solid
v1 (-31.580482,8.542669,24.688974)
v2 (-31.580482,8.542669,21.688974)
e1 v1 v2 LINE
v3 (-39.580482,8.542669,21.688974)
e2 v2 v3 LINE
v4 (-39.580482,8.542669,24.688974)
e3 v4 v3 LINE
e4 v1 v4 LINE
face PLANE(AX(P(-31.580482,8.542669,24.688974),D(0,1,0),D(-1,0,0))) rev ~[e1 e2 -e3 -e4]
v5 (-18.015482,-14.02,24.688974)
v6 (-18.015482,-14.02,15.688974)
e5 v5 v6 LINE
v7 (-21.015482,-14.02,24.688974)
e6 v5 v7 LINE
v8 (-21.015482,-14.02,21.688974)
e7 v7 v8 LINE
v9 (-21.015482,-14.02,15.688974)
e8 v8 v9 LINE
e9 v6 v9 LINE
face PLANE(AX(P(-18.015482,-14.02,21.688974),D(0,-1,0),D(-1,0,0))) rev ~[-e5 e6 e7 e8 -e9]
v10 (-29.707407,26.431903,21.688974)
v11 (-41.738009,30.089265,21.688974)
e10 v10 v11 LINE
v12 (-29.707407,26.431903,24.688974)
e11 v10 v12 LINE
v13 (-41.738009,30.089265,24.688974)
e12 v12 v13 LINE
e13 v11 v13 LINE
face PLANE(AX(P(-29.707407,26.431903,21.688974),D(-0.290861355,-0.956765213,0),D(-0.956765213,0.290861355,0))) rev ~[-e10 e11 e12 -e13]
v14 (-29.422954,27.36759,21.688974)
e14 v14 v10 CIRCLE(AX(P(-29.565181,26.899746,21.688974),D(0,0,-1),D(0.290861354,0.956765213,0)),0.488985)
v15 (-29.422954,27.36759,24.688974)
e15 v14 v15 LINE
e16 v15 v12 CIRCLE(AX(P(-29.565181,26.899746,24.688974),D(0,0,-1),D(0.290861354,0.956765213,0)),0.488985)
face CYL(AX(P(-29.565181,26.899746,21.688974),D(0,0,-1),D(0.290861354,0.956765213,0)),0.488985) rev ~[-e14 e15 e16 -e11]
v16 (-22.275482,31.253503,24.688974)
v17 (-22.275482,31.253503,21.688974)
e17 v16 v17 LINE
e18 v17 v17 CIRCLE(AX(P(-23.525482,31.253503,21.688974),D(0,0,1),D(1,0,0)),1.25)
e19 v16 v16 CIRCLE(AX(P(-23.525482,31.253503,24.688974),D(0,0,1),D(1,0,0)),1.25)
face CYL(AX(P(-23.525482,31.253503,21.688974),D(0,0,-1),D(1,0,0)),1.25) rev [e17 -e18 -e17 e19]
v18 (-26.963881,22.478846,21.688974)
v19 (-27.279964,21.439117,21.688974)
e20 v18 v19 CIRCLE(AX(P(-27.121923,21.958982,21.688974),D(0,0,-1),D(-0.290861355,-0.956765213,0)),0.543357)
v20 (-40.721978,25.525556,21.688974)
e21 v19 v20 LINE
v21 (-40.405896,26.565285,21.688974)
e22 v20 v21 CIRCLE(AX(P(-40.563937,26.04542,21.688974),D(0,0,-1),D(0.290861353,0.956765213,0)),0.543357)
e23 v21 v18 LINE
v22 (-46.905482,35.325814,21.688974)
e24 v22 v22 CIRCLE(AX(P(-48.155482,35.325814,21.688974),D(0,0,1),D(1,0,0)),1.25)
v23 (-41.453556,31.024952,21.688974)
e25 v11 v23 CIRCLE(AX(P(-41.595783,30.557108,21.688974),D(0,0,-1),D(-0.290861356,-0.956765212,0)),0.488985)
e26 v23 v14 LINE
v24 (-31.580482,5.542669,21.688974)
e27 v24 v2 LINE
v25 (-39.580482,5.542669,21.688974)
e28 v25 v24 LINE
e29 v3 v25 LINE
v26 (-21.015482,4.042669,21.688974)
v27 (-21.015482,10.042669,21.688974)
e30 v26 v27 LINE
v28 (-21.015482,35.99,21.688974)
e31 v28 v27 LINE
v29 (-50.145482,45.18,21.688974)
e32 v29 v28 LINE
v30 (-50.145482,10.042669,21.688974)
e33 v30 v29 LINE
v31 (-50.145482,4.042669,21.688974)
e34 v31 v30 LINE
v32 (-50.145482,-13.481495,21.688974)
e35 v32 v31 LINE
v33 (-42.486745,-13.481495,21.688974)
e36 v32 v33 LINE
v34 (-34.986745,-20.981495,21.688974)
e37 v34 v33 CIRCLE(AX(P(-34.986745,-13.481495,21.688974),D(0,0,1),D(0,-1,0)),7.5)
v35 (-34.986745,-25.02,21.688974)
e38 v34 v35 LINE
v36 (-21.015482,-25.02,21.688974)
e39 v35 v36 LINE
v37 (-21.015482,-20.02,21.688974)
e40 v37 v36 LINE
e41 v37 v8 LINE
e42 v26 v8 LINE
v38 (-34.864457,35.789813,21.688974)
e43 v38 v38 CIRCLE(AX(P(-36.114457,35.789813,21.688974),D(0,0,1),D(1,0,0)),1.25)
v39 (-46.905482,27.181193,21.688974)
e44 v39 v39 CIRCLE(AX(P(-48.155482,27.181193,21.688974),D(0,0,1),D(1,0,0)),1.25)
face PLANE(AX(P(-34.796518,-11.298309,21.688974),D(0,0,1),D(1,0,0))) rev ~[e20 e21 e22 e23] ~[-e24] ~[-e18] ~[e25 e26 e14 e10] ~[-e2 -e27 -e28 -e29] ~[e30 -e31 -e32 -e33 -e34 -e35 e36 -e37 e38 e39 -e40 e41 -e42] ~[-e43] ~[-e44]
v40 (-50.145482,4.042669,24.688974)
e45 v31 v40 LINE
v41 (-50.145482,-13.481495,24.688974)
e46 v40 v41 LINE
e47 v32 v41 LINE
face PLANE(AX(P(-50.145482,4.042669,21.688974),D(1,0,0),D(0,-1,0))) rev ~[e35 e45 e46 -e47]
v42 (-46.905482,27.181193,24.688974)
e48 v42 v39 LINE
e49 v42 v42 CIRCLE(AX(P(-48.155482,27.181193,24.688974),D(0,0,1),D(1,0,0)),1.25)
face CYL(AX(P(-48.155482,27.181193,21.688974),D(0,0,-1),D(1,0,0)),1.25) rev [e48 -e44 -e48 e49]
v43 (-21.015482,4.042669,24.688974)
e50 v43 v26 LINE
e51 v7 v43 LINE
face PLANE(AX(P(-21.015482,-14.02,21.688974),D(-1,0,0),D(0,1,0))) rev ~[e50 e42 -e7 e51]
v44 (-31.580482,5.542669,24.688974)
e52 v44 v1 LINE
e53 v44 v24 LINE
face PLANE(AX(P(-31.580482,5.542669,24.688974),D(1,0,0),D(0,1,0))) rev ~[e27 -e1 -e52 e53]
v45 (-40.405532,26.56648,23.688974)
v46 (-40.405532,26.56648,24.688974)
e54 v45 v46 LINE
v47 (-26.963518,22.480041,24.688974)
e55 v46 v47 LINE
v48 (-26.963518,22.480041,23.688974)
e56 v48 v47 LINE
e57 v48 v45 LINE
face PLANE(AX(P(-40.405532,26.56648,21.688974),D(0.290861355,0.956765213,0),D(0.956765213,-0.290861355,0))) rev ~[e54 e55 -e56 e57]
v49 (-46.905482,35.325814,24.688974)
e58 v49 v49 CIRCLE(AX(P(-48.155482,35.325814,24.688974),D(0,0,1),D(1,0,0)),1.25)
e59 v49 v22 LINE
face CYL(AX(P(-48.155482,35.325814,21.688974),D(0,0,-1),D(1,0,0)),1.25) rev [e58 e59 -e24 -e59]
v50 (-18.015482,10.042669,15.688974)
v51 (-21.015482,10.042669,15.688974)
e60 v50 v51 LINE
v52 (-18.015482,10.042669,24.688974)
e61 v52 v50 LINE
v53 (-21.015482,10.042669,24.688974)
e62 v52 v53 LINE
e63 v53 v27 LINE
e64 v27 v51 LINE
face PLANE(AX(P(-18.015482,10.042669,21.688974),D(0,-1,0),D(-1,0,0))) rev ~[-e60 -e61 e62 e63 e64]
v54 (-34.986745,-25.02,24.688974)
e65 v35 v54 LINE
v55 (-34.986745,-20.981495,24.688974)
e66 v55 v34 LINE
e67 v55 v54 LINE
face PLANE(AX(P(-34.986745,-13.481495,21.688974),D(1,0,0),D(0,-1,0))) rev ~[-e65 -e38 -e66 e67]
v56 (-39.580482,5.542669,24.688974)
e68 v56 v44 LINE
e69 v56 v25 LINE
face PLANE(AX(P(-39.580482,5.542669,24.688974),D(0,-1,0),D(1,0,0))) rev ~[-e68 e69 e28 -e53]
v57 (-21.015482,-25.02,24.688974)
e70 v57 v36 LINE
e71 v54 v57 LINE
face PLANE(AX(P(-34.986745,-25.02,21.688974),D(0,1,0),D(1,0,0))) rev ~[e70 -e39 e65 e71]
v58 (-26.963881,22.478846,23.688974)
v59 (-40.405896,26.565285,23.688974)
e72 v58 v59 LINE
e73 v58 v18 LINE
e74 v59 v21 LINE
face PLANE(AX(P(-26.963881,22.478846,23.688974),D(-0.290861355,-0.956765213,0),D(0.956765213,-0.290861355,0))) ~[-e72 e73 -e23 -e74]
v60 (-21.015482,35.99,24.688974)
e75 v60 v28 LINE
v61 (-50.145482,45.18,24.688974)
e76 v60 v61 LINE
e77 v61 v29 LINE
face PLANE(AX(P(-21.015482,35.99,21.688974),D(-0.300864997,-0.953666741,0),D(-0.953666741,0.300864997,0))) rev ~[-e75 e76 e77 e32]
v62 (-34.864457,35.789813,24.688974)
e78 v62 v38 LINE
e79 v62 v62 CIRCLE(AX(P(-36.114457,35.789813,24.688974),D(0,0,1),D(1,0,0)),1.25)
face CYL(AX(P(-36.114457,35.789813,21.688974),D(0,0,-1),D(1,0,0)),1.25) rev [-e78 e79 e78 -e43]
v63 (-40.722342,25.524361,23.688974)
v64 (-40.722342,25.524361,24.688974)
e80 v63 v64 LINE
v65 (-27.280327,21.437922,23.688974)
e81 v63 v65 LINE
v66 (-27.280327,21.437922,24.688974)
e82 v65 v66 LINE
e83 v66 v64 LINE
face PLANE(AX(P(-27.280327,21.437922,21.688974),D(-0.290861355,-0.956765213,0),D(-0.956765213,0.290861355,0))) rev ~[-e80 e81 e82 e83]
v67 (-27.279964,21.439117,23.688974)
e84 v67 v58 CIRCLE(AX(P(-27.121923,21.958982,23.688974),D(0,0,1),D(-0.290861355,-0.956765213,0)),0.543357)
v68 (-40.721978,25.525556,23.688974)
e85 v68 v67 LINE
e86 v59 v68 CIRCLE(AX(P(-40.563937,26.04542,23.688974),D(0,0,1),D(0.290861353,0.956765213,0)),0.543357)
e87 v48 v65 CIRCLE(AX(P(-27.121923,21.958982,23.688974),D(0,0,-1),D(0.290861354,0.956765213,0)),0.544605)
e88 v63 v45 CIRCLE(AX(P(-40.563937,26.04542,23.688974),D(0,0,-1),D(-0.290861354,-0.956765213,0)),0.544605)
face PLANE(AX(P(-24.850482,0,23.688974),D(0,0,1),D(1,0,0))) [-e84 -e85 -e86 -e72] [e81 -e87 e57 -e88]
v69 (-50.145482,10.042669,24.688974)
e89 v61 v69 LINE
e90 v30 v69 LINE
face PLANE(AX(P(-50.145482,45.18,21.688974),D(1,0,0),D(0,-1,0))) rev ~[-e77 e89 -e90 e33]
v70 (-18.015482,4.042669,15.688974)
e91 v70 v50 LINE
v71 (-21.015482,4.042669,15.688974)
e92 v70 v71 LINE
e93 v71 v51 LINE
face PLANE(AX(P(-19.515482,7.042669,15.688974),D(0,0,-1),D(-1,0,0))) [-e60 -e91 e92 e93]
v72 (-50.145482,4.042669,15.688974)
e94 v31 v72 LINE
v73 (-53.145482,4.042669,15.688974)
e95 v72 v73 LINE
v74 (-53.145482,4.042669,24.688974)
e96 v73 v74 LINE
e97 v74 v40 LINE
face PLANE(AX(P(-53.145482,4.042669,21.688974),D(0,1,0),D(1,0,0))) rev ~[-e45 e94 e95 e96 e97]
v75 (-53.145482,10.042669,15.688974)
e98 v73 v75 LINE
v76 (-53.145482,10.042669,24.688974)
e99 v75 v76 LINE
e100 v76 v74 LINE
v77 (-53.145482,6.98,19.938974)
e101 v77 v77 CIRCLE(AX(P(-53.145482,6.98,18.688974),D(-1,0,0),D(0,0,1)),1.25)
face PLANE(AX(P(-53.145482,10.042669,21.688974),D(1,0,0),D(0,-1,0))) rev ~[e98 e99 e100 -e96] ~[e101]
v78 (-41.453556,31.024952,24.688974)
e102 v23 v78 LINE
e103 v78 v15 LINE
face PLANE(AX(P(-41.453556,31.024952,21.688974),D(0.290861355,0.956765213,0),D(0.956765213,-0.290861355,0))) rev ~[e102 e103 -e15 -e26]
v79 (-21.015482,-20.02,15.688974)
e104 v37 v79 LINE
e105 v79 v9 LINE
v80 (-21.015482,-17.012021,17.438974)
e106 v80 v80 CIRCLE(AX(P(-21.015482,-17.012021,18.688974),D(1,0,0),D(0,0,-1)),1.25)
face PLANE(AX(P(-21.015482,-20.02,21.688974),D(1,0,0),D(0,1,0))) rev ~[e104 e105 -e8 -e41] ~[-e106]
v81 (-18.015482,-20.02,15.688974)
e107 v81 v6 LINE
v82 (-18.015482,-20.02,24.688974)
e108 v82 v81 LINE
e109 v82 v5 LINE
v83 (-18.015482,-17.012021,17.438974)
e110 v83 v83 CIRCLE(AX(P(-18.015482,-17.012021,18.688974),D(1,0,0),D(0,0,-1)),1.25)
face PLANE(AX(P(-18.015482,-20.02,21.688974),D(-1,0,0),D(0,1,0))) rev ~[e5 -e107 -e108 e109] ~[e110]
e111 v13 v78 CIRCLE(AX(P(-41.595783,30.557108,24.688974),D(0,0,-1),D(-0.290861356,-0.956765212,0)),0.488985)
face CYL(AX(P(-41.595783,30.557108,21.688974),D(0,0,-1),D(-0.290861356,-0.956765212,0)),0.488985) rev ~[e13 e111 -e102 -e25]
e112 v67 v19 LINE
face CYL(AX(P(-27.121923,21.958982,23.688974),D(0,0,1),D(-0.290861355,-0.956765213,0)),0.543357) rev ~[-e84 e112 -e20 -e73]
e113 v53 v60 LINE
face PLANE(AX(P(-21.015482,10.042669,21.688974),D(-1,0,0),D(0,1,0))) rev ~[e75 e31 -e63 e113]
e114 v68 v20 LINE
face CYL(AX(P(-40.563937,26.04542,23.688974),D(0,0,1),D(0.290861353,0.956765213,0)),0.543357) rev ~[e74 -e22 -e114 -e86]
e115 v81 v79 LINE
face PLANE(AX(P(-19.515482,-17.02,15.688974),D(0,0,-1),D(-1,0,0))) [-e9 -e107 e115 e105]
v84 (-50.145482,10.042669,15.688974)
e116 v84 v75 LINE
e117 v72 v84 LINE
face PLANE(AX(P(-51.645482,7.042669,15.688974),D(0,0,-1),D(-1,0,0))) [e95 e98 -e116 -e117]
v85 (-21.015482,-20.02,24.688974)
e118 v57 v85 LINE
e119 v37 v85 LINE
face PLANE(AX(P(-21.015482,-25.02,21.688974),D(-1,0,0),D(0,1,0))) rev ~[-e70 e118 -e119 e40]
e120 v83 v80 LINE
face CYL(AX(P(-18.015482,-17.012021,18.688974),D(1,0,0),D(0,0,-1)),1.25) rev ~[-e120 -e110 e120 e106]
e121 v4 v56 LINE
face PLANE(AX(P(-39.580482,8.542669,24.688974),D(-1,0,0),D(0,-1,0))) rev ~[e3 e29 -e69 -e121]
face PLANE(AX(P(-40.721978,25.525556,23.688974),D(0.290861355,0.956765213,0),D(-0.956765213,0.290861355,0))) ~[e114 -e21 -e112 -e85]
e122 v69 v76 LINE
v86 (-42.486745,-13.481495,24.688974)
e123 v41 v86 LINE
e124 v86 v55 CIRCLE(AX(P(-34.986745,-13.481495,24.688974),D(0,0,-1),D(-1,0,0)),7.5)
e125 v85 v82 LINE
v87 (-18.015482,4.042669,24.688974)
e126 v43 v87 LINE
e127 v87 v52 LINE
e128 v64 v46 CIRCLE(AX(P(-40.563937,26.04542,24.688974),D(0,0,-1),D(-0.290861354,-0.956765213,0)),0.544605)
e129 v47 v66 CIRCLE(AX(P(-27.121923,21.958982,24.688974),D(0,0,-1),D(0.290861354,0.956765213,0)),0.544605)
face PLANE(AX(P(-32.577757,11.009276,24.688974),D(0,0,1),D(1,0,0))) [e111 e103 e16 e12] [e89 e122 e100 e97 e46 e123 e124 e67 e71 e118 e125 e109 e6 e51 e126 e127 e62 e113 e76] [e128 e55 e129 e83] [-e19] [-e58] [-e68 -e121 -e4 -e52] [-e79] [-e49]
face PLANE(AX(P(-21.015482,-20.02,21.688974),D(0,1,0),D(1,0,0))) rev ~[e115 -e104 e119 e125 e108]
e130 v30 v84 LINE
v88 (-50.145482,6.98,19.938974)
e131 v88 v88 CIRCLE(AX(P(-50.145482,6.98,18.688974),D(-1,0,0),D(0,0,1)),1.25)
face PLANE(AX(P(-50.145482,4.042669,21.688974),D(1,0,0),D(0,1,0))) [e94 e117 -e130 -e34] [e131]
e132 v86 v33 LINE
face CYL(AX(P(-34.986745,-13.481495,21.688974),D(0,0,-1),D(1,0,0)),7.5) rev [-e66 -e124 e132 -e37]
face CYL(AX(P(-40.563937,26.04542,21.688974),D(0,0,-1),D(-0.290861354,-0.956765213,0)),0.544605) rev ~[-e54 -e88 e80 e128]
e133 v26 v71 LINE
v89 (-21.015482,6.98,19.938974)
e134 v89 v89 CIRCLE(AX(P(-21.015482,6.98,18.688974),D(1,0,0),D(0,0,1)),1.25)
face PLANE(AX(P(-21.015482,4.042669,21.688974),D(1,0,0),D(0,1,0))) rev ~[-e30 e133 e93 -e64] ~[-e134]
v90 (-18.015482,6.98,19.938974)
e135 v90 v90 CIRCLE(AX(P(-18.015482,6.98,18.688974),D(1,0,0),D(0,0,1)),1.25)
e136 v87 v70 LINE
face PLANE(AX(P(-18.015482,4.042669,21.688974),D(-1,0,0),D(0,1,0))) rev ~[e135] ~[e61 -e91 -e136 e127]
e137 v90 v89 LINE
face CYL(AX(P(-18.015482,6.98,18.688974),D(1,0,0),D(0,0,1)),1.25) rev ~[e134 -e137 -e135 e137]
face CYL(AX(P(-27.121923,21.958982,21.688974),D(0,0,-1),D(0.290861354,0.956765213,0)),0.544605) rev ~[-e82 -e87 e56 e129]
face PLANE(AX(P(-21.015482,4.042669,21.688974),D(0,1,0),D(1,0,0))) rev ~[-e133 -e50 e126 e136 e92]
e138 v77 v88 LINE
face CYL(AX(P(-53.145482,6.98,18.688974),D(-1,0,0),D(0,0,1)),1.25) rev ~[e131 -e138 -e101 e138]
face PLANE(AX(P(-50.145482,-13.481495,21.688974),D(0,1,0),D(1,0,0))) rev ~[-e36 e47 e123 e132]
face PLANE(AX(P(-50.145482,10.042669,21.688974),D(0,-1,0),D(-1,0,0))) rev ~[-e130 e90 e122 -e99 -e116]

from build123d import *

# Parameters (mm, degrees)
SKETCH1_W                 = 29.13
SKETCH1_H                 = 2
BOSS_EXTRUDE1_DEPTH       = 45.22
SKETCH15_W                = 3.835
SKETCH15_H                = 2
BOSS_EXTRUDE7_DEPTH       = 25.02
CUT_EXTRUDE5_DEPTH        = 4
SKETCH19_W                = 2
SKETCH19_H                = 6
BOSS_EXTRUDE9_DEPTH       = 3
SKETCH20_W                = 3
SKETCH20_H                = 6
BOSS_EXTRUDE10_DEPTH      = 6
SKETCH21_R                = 1.25
CUT_EXTRUDE6_DEPTH        = 6
CUT_EXTRUDE10_DEPTH       = 4
SKETCH27_R                = 1.25
CUT_EXTRUDE13_DEPTH       = 5
CUT_EXTRUDE16_DEPTH       = 4.86
CUT_EXTRUDE17_DEPTH       = 4
CUT_EXTRUDE20_DEPTH       = 15
SKETCH28_R                = 1.25
CUT_EXTRUDE23_DEPTH       = 5
SKETCH32_R                = 1.25
CUT_EXTRUDE25_DEPTH       = 5
SKETCH38_W                = 2
SKETCH38_H                = 6
BOSS_EXTRUDE11_DEPTH      = 3
SKETCH39_W                = 3
SKETCH39_H                = 6
BOSS_EXTRUDE12_DEPTH      = 6
SKETCH40_R                = 1.250000005
CUT_EXTRUDE26_DEPTH       = 6
SKETCH51_W                = 2
SKETCH51_H                = 6
BOSS_EXTRUDE15_DEPTH      = 3
SKETCH52_W                = 3
SKETCH52_H                = 6
BOSS_EXTRUDE16_DEPTH      = 6
SKETCH53_R                = 1.249999995
CUT_EXTRUDE28_DEPTH       = 6
BOSS_EXTRUDE17_DEPTH      = 1
BOSS_EXTRUDE17_DEPTH_BACK = 2
CUT_EXTRUDE29_DEPTH       = 1
CUT_EXTRUDE29_DEPTH_BACK  = 2
SKETCH54_3_R              = 7.5
BOSS_EXTRUDE18_DEPTH      = 1
BOSS_EXTRUDE18_DEPTH_BACK = 2
SKETCH55_R                = 1.25
CUT_EXTRUDE30_DEPTH       = 10


with BuildPart() as part:
    # Sketch1 → Boss-Extrude1 (new body)
    with BuildSketch(Plane(origin=(0, 0, 0), x_dir=(1, 0, 0), z_dir=(0, 1, 0))):
        with Locations((-35.580481579, -22.688974349)):
            Rectangle(SKETCH1_W, SKETCH1_H)
    extrude(amount=BOSS_EXTRUDE1_DEPTH)

    # Sketch15 → Boss-Extrude7 (add)
    with BuildSketch(Plane.XZ):
        with Locations((-22.932981579, 22.688974349)):
            Rectangle(SKETCH15_W, SKETCH15_H)
    extrude(amount=BOSS_EXTRUDE7_DEPTH)

    # Sketch16 → Cut-Extrude5 (cut)
    with BuildSketch(Plane.XY.offset(23.688974349)):
        Polygon((-24.850481579, 0), (-21.015481579, -25.02), (-24.850481579, -25.02), align=None)
    extrude(amount=-CUT_EXTRUDE5_DEPTH, mode=Mode.SUBTRACT)

    # Sketch19 → Boss-Extrude9 (add)
    with BuildSketch(Plane(origin=(-21.015481579, 0, 0), x_dir=(0, 0, -1), z_dir=(1, 0, 0))):
        with Locations((-22.688974349, -17.02)):
            Rectangle(SKETCH19_W, SKETCH19_H)
    extrude(amount=BOSS_EXTRUDE9_DEPTH)

    # Sketch20 → Boss-Extrude10 (add)
    with BuildSketch(Plane(origin=(0, 0, 21.688974349), x_dir=(-1, 0, 0), z_dir=(0, 0, -1))):
        with Locations((19.515481579, -17.02)):
            Rectangle(SKETCH20_W, SKETCH20_H)
    extrude(amount=BOSS_EXTRUDE10_DEPTH)

    # Sketch21 → Cut-Extrude6 (cut)
    with BuildSketch(Plane(origin=(-18.015481579, 0, 0), x_dir=(0, 0, -1), z_dir=(1, 0, 0))):
        with Locations((-18.688974344, -17.012020694)):
            Circle(SKETCH21_R)
    extrude(amount=-CUT_EXTRUDE6_DEPTH, mode=Mode.SUBTRACT)

    # Sketch24 → Cut-Extrude10 (cut)
    with BuildSketch(Plane.XY.offset(23.688974349)):
        Polygon((-21.015481579, 45.22), (-21.015481579, 37.57), (-50.145481579, 45.22), align=None)
    extrude(amount=-CUT_EXTRUDE10_DEPTH, mode=Mode.SUBTRACT)

    # Sketch27 → Cut-Extrude13 (cut)
    with BuildSketch(Plane.XY.offset(23.688974349)):
        with Locations((-48.155481578, 35.325814088)):
            Circle(SKETCH27_R)
        with Locations((-48.155481579, 27.181192798)):
            Circle(SKETCH27_R)
    extrude(amount=-CUT_EXTRUDE13_DEPTH, mode=Mode.SUBTRACT)

    # Sketch35 → Cut-Extrude16 (cut)
    with BuildSketch(Plane.XY.offset(23.688974349)):
        Polygon((-21.015481579, 35.99), (-21.015481579, 37.57), (-50.145481579, 45.22), align=None)
    extrude(amount=-CUT_EXTRUDE16_DEPTH, mode=Mode.SUBTRACT)

    # Sketch36 → Cut-Extrude17 (cut)
    with BuildSketch(Plane.XY.offset(23.688974349)):
        Polygon((-50.145481579, 45.22), (-50.145481579, 45.18), (-21.015481579, 35.99), align=None)
    extrude(amount=-CUT_EXTRUDE17_DEPTH, mode=Mode.SUBTRACT)


with BuildPart() as body_2:
    # Mirror1: mirrored copy
    add(part.part.mirror(Plane(origin=(0, 0, 15.688974349), x_dir=(1, 0, 0), z_dir=(0, 0, -1))))

    # Sketch37 → Cut-Extrude20 (cut)
    with BuildSketch(Plane(origin=(0, 0, 7.688974349), x_dir=(-1, 0, 0), z_dir=(0, 0, -1))):
        with BuildLine():
            Line((29.422391304, 27.369440111), (41.452993211, 31.026802565))
            ThreePointArc((41.452993211, 31.026802565), (42.065476612, 30.699897808), (41.738571855, 30.087414406))
            Line((41.738571855, 30.087414406), (29.707969948, 26.430051952))
            ThreePointArc((29.707969948, 26.430051952), (29.095486546, 26.75695671), (29.422391304, 27.369440111))
        make_face()
        with BuildLine():
            Line((26.963881394, 22.478846245), (40.405895564, 26.565285004))
            ThreePointArc((40.405895564, 26.565285004), (41.083801623, 26.203461785), (40.721978404, 25.525555725))
            Line((40.721978404, 25.525555725), (27.279964235, 21.439116966))
            ThreePointArc((27.279964235, 21.439116966), (26.602058175, 21.800940185), (26.963881394, 22.478846245))
        make_face()
    extrude(amount=-CUT_EXTRUDE20_DEPTH, mode=Mode.SUBTRACT)


with BuildPart() as body_2_2:
    # Mirror2: mirrored copy
    add(body_2.part.mirror(Plane.XY.offset(15.688974349)))

    # Sketch28 → Cut-Extrude23 (cut)
    with BuildSketch(Plane.XY.offset(23.688974349)):
        with Locations((-23.525481579, 31.253503442)):
            Circle(SKETCH28_R)
    extrude(amount=-CUT_EXTRUDE23_DEPTH, mode=Mode.SUBTRACT)

    # Sketch32 → Cut-Extrude25 (cut)
    with BuildSketch(Plane.XY.offset(23.688974349)):
        with Locations((-36.114456583, 35.789812976)):
            Circle(SKETCH32_R)
    extrude(amount=-CUT_EXTRUDE25_DEPTH, mode=Mode.SUBTRACT)

    # Sketch38 → Boss-Extrude11 (add)
    with BuildSketch(Plane.ZY.offset(50.145481579)):
        with Locations((22.688974349, 7.042669101)):
            Rectangle(SKETCH38_W, SKETCH38_H)
    extrude(amount=BOSS_EXTRUDE11_DEPTH)

    # Sketch39 → Boss-Extrude12 (add)
    with BuildSketch(Plane(origin=(0, 0, 21.688974349), x_dir=(-1, 0, 0), z_dir=(0, 0, -1))):
        with Locations((51.645481579, 7.042669101)):
            Rectangle(SKETCH39_W, SKETCH39_H)
    extrude(amount=BOSS_EXTRUDE12_DEPTH)

    # Sketch40 → Cut-Extrude26 (cut)
    with BuildSketch(Plane.ZY.offset(53.145481579)):
        with Locations((18.688974344, 6.98)):
            Circle(SKETCH40_R)
    extrude(amount=-CUT_EXTRUDE26_DEPTH, mode=Mode.SUBTRACT)

    # Sketch51 → Boss-Extrude15 (add)
    with BuildSketch(Plane(origin=(-21.015481579, 0, 0), x_dir=(0, 0, -1), z_dir=(1, 0, 0))):
        with Locations((-22.688974349, 7.042669101)):
            Rectangle(SKETCH51_W, SKETCH51_H)
    extrude(amount=BOSS_EXTRUDE15_DEPTH)

    # Sketch52 → Boss-Extrude16 (add)
    with BuildSketch(Plane(origin=(0, 0, 21.688974349), x_dir=(-1, 0, 0), z_dir=(0, 0, -1))):
        with Locations((19.515481579, 7.042669101)):
            Rectangle(SKETCH52_W, SKETCH52_H)
    extrude(amount=BOSS_EXTRUDE16_DEPTH)

    # Sketch53 → Cut-Extrude28 (cut)
    with BuildSketch(Plane(origin=(-18.015481579, 0, 0), x_dir=(0, 0, -1), z_dir=(1, 0, 0))):
        with Locations(Location((-18.688974344, 6.98, 0), (0, 0, 180))):
            Circle(SKETCH53_R)
    extrude(amount=-CUT_EXTRUDE28_DEPTH, mode=Mode.SUBTRACT)

    # Sketch54 → Boss-Extrude17 (add, two sides: drawn at the far end of the back side and taken through both)
    with BuildSketch(Plane.XY.offset(23.688974349).offset(-BOSS_EXTRUDE17_DEPTH_BACK)):
        Polygon((-50.145481579, 0), (-50.145481579, -13.48149478), (-34.98674486, -13.48149478), (-34.98674486, -25.02), (-21.015481579, -25.02), (-24.850481579, 0), align=None)
    extrude(amount=BOSS_EXTRUDE17_DEPTH + BOSS_EXTRUDE17_DEPTH_BACK)

    # Sketch54<3> → Cut-Extrude29 (cut, two sides: drawn at the far end of the back side and taken through both)
    with BuildSketch(Plane.XY.offset(23.688974349).offset(-CUT_EXTRUDE29_DEPTH_BACK)):
        with Locations((-34.98674486, -13.48149478)):
            Circle(SKETCH54_3_R)
    extrude(amount=CUT_EXTRUDE29_DEPTH + CUT_EXTRUDE29_DEPTH_BACK, mode=Mode.SUBTRACT)

    # Sketch55 → Boss-Extrude18 (add, two sides: drawn at the far end of the back side and taken through both)
    with BuildSketch(Plane.XY.offset(23.688974349).offset(-BOSS_EXTRUDE18_DEPTH_BACK)):
        Polygon((-50.145481579, 45.18), (-50.145481579, 10.042669101), (-53.145481579, 10.042669101), (-53.145481579, 4.042669101), (-50.145481579, 4.042669101), (-50.145481579, 0), (-24.850481579, 0), (-21.015481579, -25.02), (-21.015481579, -20.02), (-18.015481579, -20.02), (-18.015481579, -14.02), (-21.015481579, -14.02), (-21.015481579, 4.042669101), (-18.015481579, 4.042669101), (-18.015481579, 10.042669101), (-21.015481579, 10.042669101), (-21.015481579, 35.99), align=None)
        with Locations((-23.525481579, 31.253503442)):
            Circle(SKETCH55_R, mode=Mode.SUBTRACT)
        with Locations((-36.114456583, 35.789812976)):
            Circle(SKETCH55_R, mode=Mode.SUBTRACT)
        with Locations((-48.155481578, 35.325814088)):
            Circle(SKETCH55_R, mode=Mode.SUBTRACT)
        with Locations((-48.155481579, 27.181192798)):
            Circle(SKETCH55_R, mode=Mode.SUBTRACT)
        with BuildLine():
            Line((-41.453555794, 31.024951992), (-29.422953887, 27.367589538))
            ThreePointArc((-29.422953887, 27.367589538), (-29.097337119, 26.757519293), (-29.707407364, 26.431902525))
            Line((-29.707407364, 26.431902525), (-41.738009272, 30.089264979))
            ThreePointArc((-41.738009272, 30.089264979), (-42.063626039, 30.699335224), (-41.453555794, 31.024951992))
        make_face(mode=Mode.SUBTRACT)
        with BuildLine():
            Line((-27.280327459, 21.437922169), (-40.722341628, 25.524360928))
            ThreePointArc((-40.722341628, 25.524360928), (-41.08499642, 26.203825009), (-40.405532339, 26.566479801))
            Line((-40.405532339, 26.566479801), (-26.96351817, 22.480041042))
            ThreePointArc((-26.96351817, 22.480041042), (-26.600863378, 21.800576961), (-27.280327459, 21.437922169))
        make_face(mode=Mode.SUBTRACT)
    extrude(amount=BOSS_EXTRUDE18_DEPTH + BOSS_EXTRUDE18_DEPTH_BACK)

    # Sketch56 → Cut-Extrude30 (cut)
    with BuildSketch(Plane.XY.offset(24.688974349)):
        Polygon((-31.58048158, 8.542669101), (-35.580481579, 8.542669101), (-39.58048158, 8.542669101), (-39.58048158, 5.542669101), (-31.58048158, 5.542669101), align=None)
    extrude(amount=-CUT_EXTRUDE30_DEPTH, mode=Mode.SUBTRACT)


solid = body_2_2.part
